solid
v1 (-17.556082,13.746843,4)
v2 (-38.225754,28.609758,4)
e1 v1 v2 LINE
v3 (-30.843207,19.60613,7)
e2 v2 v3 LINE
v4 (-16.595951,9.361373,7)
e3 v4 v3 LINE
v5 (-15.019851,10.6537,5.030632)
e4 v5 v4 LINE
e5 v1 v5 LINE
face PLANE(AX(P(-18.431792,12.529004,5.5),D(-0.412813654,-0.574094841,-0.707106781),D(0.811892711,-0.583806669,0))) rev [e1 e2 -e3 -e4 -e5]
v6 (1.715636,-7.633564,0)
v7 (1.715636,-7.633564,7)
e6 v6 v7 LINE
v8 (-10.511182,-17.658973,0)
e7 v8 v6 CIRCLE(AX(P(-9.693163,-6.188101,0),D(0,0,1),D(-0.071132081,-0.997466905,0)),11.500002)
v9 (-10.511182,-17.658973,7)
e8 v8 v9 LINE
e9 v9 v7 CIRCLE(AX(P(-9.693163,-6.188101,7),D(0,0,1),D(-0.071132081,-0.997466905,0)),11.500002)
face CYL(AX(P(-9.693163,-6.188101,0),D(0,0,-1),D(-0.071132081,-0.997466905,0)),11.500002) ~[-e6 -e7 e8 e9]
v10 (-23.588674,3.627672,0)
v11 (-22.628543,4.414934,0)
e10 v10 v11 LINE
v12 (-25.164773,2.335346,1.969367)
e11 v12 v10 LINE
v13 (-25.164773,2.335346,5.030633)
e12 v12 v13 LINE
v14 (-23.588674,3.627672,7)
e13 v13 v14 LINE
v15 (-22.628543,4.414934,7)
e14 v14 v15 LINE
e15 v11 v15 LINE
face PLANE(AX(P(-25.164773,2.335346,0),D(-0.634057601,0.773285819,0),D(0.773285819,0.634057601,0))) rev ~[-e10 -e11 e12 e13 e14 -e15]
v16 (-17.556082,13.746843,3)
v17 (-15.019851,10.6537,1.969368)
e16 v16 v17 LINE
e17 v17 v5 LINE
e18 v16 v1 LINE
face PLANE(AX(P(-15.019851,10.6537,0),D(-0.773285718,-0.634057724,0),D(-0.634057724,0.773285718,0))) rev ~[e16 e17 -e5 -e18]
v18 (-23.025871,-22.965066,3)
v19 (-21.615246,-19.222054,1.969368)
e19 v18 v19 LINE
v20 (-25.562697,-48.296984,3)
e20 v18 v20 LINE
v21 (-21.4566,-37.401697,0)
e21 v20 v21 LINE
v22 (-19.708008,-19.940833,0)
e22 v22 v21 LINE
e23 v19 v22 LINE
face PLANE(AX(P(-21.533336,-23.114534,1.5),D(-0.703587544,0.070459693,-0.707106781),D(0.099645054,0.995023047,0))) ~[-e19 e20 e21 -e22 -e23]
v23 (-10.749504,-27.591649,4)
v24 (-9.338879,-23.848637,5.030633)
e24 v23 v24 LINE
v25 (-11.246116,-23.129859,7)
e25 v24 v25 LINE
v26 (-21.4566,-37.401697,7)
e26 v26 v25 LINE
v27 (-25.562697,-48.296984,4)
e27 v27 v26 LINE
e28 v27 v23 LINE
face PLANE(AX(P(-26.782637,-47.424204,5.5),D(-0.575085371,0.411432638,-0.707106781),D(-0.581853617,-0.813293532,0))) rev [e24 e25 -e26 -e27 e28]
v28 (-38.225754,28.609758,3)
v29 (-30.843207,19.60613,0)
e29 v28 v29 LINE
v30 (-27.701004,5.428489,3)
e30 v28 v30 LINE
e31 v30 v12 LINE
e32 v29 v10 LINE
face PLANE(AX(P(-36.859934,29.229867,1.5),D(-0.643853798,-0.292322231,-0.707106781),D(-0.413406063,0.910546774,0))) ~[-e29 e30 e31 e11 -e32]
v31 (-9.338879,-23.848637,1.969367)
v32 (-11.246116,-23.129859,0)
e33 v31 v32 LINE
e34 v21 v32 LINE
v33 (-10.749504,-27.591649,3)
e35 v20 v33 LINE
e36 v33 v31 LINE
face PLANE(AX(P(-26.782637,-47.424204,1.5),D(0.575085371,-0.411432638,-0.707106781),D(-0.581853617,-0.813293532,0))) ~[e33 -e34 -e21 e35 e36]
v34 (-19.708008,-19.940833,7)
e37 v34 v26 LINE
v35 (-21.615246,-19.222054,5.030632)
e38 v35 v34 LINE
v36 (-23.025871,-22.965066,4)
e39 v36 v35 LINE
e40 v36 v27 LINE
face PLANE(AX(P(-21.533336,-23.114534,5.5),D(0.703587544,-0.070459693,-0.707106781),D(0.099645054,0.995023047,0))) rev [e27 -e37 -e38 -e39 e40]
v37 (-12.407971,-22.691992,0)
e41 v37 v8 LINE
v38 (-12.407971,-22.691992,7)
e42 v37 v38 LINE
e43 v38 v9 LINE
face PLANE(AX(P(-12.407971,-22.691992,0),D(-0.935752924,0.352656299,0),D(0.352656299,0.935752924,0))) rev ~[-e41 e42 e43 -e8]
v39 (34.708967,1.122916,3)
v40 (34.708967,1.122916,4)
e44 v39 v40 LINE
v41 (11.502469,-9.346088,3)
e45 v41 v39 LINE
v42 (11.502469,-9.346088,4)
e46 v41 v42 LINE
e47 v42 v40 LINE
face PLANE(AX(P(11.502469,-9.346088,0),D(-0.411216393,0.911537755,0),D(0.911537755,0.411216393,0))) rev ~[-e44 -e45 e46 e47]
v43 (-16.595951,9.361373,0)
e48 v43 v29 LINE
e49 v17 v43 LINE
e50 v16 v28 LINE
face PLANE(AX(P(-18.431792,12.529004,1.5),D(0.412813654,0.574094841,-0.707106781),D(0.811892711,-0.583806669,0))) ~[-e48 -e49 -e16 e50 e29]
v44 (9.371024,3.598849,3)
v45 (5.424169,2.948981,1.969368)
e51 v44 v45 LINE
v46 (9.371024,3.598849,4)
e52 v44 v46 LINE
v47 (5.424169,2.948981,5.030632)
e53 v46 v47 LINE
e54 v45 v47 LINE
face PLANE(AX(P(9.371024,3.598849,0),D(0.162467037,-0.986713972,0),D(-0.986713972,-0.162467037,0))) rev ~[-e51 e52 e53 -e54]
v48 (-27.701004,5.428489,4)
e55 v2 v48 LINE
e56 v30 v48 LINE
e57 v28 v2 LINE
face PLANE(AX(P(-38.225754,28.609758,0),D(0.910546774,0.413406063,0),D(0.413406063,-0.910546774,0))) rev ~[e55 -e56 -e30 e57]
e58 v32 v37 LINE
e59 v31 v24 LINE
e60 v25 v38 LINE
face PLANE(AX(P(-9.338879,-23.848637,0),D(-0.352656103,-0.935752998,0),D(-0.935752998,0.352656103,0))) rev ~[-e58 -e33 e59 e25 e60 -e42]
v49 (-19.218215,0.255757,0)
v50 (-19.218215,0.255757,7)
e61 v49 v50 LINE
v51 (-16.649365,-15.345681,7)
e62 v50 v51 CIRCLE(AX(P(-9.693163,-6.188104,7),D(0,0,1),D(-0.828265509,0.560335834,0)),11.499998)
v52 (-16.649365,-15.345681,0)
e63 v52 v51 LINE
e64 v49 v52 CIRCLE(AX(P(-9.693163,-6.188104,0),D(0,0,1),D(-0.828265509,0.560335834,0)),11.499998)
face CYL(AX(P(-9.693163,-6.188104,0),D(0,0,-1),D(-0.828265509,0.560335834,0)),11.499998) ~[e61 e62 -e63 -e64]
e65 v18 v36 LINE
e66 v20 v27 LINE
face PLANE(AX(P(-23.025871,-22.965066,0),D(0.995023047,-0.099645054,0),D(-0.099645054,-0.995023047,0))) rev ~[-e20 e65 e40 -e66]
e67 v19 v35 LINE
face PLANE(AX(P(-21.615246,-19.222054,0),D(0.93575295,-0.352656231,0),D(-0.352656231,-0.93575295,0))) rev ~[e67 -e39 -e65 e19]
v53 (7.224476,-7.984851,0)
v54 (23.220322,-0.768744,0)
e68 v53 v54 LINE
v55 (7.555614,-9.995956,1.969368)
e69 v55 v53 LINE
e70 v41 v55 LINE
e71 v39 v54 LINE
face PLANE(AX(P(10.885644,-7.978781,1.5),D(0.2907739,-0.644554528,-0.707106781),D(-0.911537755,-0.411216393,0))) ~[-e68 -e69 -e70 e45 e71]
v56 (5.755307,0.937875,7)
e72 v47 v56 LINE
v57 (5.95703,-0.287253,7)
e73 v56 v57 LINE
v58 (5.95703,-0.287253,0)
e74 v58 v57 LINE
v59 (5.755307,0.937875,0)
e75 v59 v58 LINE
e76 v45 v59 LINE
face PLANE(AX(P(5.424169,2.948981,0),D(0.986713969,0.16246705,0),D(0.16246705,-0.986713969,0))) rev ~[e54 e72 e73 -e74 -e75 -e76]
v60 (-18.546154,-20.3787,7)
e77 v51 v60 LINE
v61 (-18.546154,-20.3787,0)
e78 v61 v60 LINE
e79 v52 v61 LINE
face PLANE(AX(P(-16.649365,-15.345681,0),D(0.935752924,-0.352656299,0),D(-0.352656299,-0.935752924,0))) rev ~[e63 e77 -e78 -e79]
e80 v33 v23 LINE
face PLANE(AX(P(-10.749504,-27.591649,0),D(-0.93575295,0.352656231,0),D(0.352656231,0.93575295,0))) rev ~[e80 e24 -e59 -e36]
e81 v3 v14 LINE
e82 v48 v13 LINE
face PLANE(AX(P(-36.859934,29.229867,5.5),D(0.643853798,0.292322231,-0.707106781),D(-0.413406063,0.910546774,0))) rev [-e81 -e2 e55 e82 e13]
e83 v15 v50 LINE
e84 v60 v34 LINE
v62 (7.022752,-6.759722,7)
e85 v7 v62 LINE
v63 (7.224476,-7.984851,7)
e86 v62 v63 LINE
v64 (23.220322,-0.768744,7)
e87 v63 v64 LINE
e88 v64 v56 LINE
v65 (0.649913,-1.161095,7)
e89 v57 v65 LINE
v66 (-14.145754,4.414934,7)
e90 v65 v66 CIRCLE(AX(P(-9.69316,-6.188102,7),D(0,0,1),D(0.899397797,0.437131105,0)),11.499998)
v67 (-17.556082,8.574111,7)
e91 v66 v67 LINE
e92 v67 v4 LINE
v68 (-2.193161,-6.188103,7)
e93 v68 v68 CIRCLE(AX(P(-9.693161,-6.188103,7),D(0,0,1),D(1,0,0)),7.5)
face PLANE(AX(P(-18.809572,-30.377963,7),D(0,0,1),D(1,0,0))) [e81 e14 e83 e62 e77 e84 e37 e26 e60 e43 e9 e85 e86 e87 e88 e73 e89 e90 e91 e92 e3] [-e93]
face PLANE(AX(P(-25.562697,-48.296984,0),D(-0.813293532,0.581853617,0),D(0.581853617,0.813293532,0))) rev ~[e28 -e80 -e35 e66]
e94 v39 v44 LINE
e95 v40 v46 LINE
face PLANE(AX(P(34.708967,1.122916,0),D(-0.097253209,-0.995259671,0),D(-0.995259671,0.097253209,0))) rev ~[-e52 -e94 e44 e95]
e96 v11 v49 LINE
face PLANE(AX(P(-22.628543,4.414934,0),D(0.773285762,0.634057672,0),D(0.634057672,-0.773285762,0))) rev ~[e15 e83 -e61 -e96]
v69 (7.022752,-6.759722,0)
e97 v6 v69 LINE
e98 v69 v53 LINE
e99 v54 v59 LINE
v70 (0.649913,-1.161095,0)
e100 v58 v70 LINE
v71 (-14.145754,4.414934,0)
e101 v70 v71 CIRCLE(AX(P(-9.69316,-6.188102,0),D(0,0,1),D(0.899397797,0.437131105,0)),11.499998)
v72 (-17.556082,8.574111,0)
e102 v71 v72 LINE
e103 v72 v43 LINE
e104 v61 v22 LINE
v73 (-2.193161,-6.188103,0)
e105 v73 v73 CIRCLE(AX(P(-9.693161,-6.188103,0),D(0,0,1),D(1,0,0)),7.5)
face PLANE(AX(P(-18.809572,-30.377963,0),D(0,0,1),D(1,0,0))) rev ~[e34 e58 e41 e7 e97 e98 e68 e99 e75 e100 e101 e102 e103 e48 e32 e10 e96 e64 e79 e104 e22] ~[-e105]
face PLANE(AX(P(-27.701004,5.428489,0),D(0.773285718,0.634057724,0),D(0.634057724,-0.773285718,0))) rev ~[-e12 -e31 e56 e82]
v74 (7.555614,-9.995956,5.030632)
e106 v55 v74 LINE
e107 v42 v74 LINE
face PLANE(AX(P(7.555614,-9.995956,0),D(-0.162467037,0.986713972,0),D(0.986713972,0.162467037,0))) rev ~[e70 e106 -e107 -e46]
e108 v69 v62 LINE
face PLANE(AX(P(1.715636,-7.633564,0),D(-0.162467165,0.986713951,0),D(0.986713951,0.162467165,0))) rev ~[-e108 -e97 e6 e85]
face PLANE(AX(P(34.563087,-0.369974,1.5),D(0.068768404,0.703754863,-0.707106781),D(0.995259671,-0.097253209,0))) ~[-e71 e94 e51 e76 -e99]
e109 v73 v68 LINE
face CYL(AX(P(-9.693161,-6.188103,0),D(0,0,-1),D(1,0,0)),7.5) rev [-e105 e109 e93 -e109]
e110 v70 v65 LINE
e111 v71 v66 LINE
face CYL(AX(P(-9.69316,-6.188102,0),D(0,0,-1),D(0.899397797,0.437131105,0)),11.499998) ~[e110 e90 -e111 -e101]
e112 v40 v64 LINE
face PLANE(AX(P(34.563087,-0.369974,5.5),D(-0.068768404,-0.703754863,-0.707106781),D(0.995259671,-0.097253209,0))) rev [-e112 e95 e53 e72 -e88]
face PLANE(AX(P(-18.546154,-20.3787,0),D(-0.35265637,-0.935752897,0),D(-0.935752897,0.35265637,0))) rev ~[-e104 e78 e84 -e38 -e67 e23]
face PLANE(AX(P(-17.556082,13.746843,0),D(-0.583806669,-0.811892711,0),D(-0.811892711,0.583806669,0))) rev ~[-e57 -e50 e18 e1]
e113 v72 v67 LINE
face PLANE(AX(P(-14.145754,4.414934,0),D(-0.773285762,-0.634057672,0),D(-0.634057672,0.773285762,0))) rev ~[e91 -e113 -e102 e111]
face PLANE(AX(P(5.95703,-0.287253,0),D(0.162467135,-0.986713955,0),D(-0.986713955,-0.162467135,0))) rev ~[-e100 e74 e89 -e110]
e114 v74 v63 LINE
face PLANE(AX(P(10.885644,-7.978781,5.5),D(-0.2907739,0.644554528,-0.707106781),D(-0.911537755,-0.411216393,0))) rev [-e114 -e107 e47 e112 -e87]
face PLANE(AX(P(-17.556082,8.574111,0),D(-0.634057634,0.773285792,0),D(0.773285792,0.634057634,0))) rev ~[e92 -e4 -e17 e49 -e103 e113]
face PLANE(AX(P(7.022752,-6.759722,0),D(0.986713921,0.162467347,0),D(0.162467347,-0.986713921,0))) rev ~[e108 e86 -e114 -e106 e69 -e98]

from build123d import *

# Parameters (mm, degrees)
F0_R     = 7.5
F1_DEPTH = 7
F2_SIZE  = 3


with BuildPart() as f1:
    # F0 (on Top) → F1 (new body)
    with BuildSketch(Plane.XY):
        with BuildLine():
            ThreePointArc((-10.511182, -17.658973), (-13.748709, -16.949262), (-16.649365, -15.345681))
            Line((-16.649365, -15.345681), (-18.546154, -20.3787))
            Line((-18.546154, -20.3787), (-21.615246, -19.222054))
            Line((-21.615246, -19.222054), (-23.025871, -22.965066))
            Line((-23.025871, -22.965066), (-25.562697, -48.296984))
            Line((-25.562697, -48.296984), (-10.749504, -27.591649))
            Line((-10.749504, -27.591649), (-9.338879, -23.848637))
            Line((-9.338879, -23.848637), (-12.407971, -22.691992))
            Line((-12.407971, -22.691992), (-10.511182, -17.658973))
        make_face()
        with BuildLine():
            Line((5.95703, -0.287253), (0.649913, -1.161095))
            ThreePointArc((0.649913, -1.161095), (1.513876, -3.608894), (1.806839, -6.188103))
            ThreePointArc((1.806839, -6.188103), (1.784015, -6.912271), (1.715636, -7.633564))
            Line((1.715636, -7.633564), (7.022752, -6.759722))
            Line((7.022752, -6.759722), (7.555614, -9.995956))
            Line((7.555614, -9.995956), (11.502469, -9.346088))
            Line((11.502469, -9.346088), (34.708967, 1.122916))
            Line((34.708967, 1.122916), (9.371024, 3.598849))
            Line((9.371024, 3.598849), (5.424169, 2.948981))
            Line((5.424169, 2.948981), (5.95703, -0.287253))
        make_face()
        with BuildLine():
            Line((-22.628543, 4.414934), (-19.218215, 0.255757))
            ThreePointArc((-19.218215, 0.255757), (-16.984824, 2.704683), (-14.145754, 4.414934))
            Line((-14.145754, 4.414934), (-17.556082, 8.574111))
            Line((-17.556082, 8.574111), (-15.019851, 10.6537))
            Line((-15.019851, 10.6537), (-17.556082, 13.746843))
            Line((-17.556082, 13.746843), (-38.225754, 28.609758))
            Line((-38.225754, 28.609758), (-27.701004, 5.428489))
            Line((-27.701004, 5.428489), (-25.164773, 2.335346))
            Line((-25.164773, 2.335346), (-22.628543, 4.414934))
        make_face()
        with BuildLine():
            ThreePointArc((-14.145754, 4.414934), (-16.984824, 2.704683), (-19.218215, 0.255757))
            ThreePointArc((-19.218215, 0.255757), (-21.040372, -8.056475), (-16.649365, -15.345681))
            ThreePointArc((-16.649365, -15.345681), (-13.748709, -16.949262), (-10.511182, -17.658973))
            ThreePointArc((-10.511182, -17.658973), (-2.401499, -15.08089), (1.715636, -7.633564))
            ThreePointArc((1.715636, -7.633564), (1.784015, -6.912271), (1.806839, -6.188103))
            ThreePointArc((1.806839, -6.188103), (1.513876, -3.608894), (0.649913, -1.161095))
            ThreePointArc((0.649913, -1.161095), (-5.637613, 4.573055), (-14.145754, 4.414934))
        make_face()
        with Locations((-9.693161, -6.188103)):
            Circle(F0_R, mode=Mode.SUBTRACT)
    extrude(amount=F1_DEPTH)

    # F2
    f2_edges = [f1.edges().sort_by_distance(p)[0] for p in [
        (22.039996, 2.360883, 0),
        (23.105718, -4.111586, 0),
        (22.039996, 2.360883, 7),
        (-18.1561, -37.944317, 0),
        (-24.294284, -35.631025, 0),
        (-32.963379, 17.019123, 0),
        (-27.890918, 21.1783, 0),
        (-18.1561, -37.944317, 7),
        (-24.294284, -35.631025, 7),
        (23.105718, -4.111586, 7),
        (-27.890918, 21.1783, 7),
        (-32.963379, 17.019123, 7),
    ]]
    chamfer(f2_edges, length=F2_SIZE)


solid = f1.part
